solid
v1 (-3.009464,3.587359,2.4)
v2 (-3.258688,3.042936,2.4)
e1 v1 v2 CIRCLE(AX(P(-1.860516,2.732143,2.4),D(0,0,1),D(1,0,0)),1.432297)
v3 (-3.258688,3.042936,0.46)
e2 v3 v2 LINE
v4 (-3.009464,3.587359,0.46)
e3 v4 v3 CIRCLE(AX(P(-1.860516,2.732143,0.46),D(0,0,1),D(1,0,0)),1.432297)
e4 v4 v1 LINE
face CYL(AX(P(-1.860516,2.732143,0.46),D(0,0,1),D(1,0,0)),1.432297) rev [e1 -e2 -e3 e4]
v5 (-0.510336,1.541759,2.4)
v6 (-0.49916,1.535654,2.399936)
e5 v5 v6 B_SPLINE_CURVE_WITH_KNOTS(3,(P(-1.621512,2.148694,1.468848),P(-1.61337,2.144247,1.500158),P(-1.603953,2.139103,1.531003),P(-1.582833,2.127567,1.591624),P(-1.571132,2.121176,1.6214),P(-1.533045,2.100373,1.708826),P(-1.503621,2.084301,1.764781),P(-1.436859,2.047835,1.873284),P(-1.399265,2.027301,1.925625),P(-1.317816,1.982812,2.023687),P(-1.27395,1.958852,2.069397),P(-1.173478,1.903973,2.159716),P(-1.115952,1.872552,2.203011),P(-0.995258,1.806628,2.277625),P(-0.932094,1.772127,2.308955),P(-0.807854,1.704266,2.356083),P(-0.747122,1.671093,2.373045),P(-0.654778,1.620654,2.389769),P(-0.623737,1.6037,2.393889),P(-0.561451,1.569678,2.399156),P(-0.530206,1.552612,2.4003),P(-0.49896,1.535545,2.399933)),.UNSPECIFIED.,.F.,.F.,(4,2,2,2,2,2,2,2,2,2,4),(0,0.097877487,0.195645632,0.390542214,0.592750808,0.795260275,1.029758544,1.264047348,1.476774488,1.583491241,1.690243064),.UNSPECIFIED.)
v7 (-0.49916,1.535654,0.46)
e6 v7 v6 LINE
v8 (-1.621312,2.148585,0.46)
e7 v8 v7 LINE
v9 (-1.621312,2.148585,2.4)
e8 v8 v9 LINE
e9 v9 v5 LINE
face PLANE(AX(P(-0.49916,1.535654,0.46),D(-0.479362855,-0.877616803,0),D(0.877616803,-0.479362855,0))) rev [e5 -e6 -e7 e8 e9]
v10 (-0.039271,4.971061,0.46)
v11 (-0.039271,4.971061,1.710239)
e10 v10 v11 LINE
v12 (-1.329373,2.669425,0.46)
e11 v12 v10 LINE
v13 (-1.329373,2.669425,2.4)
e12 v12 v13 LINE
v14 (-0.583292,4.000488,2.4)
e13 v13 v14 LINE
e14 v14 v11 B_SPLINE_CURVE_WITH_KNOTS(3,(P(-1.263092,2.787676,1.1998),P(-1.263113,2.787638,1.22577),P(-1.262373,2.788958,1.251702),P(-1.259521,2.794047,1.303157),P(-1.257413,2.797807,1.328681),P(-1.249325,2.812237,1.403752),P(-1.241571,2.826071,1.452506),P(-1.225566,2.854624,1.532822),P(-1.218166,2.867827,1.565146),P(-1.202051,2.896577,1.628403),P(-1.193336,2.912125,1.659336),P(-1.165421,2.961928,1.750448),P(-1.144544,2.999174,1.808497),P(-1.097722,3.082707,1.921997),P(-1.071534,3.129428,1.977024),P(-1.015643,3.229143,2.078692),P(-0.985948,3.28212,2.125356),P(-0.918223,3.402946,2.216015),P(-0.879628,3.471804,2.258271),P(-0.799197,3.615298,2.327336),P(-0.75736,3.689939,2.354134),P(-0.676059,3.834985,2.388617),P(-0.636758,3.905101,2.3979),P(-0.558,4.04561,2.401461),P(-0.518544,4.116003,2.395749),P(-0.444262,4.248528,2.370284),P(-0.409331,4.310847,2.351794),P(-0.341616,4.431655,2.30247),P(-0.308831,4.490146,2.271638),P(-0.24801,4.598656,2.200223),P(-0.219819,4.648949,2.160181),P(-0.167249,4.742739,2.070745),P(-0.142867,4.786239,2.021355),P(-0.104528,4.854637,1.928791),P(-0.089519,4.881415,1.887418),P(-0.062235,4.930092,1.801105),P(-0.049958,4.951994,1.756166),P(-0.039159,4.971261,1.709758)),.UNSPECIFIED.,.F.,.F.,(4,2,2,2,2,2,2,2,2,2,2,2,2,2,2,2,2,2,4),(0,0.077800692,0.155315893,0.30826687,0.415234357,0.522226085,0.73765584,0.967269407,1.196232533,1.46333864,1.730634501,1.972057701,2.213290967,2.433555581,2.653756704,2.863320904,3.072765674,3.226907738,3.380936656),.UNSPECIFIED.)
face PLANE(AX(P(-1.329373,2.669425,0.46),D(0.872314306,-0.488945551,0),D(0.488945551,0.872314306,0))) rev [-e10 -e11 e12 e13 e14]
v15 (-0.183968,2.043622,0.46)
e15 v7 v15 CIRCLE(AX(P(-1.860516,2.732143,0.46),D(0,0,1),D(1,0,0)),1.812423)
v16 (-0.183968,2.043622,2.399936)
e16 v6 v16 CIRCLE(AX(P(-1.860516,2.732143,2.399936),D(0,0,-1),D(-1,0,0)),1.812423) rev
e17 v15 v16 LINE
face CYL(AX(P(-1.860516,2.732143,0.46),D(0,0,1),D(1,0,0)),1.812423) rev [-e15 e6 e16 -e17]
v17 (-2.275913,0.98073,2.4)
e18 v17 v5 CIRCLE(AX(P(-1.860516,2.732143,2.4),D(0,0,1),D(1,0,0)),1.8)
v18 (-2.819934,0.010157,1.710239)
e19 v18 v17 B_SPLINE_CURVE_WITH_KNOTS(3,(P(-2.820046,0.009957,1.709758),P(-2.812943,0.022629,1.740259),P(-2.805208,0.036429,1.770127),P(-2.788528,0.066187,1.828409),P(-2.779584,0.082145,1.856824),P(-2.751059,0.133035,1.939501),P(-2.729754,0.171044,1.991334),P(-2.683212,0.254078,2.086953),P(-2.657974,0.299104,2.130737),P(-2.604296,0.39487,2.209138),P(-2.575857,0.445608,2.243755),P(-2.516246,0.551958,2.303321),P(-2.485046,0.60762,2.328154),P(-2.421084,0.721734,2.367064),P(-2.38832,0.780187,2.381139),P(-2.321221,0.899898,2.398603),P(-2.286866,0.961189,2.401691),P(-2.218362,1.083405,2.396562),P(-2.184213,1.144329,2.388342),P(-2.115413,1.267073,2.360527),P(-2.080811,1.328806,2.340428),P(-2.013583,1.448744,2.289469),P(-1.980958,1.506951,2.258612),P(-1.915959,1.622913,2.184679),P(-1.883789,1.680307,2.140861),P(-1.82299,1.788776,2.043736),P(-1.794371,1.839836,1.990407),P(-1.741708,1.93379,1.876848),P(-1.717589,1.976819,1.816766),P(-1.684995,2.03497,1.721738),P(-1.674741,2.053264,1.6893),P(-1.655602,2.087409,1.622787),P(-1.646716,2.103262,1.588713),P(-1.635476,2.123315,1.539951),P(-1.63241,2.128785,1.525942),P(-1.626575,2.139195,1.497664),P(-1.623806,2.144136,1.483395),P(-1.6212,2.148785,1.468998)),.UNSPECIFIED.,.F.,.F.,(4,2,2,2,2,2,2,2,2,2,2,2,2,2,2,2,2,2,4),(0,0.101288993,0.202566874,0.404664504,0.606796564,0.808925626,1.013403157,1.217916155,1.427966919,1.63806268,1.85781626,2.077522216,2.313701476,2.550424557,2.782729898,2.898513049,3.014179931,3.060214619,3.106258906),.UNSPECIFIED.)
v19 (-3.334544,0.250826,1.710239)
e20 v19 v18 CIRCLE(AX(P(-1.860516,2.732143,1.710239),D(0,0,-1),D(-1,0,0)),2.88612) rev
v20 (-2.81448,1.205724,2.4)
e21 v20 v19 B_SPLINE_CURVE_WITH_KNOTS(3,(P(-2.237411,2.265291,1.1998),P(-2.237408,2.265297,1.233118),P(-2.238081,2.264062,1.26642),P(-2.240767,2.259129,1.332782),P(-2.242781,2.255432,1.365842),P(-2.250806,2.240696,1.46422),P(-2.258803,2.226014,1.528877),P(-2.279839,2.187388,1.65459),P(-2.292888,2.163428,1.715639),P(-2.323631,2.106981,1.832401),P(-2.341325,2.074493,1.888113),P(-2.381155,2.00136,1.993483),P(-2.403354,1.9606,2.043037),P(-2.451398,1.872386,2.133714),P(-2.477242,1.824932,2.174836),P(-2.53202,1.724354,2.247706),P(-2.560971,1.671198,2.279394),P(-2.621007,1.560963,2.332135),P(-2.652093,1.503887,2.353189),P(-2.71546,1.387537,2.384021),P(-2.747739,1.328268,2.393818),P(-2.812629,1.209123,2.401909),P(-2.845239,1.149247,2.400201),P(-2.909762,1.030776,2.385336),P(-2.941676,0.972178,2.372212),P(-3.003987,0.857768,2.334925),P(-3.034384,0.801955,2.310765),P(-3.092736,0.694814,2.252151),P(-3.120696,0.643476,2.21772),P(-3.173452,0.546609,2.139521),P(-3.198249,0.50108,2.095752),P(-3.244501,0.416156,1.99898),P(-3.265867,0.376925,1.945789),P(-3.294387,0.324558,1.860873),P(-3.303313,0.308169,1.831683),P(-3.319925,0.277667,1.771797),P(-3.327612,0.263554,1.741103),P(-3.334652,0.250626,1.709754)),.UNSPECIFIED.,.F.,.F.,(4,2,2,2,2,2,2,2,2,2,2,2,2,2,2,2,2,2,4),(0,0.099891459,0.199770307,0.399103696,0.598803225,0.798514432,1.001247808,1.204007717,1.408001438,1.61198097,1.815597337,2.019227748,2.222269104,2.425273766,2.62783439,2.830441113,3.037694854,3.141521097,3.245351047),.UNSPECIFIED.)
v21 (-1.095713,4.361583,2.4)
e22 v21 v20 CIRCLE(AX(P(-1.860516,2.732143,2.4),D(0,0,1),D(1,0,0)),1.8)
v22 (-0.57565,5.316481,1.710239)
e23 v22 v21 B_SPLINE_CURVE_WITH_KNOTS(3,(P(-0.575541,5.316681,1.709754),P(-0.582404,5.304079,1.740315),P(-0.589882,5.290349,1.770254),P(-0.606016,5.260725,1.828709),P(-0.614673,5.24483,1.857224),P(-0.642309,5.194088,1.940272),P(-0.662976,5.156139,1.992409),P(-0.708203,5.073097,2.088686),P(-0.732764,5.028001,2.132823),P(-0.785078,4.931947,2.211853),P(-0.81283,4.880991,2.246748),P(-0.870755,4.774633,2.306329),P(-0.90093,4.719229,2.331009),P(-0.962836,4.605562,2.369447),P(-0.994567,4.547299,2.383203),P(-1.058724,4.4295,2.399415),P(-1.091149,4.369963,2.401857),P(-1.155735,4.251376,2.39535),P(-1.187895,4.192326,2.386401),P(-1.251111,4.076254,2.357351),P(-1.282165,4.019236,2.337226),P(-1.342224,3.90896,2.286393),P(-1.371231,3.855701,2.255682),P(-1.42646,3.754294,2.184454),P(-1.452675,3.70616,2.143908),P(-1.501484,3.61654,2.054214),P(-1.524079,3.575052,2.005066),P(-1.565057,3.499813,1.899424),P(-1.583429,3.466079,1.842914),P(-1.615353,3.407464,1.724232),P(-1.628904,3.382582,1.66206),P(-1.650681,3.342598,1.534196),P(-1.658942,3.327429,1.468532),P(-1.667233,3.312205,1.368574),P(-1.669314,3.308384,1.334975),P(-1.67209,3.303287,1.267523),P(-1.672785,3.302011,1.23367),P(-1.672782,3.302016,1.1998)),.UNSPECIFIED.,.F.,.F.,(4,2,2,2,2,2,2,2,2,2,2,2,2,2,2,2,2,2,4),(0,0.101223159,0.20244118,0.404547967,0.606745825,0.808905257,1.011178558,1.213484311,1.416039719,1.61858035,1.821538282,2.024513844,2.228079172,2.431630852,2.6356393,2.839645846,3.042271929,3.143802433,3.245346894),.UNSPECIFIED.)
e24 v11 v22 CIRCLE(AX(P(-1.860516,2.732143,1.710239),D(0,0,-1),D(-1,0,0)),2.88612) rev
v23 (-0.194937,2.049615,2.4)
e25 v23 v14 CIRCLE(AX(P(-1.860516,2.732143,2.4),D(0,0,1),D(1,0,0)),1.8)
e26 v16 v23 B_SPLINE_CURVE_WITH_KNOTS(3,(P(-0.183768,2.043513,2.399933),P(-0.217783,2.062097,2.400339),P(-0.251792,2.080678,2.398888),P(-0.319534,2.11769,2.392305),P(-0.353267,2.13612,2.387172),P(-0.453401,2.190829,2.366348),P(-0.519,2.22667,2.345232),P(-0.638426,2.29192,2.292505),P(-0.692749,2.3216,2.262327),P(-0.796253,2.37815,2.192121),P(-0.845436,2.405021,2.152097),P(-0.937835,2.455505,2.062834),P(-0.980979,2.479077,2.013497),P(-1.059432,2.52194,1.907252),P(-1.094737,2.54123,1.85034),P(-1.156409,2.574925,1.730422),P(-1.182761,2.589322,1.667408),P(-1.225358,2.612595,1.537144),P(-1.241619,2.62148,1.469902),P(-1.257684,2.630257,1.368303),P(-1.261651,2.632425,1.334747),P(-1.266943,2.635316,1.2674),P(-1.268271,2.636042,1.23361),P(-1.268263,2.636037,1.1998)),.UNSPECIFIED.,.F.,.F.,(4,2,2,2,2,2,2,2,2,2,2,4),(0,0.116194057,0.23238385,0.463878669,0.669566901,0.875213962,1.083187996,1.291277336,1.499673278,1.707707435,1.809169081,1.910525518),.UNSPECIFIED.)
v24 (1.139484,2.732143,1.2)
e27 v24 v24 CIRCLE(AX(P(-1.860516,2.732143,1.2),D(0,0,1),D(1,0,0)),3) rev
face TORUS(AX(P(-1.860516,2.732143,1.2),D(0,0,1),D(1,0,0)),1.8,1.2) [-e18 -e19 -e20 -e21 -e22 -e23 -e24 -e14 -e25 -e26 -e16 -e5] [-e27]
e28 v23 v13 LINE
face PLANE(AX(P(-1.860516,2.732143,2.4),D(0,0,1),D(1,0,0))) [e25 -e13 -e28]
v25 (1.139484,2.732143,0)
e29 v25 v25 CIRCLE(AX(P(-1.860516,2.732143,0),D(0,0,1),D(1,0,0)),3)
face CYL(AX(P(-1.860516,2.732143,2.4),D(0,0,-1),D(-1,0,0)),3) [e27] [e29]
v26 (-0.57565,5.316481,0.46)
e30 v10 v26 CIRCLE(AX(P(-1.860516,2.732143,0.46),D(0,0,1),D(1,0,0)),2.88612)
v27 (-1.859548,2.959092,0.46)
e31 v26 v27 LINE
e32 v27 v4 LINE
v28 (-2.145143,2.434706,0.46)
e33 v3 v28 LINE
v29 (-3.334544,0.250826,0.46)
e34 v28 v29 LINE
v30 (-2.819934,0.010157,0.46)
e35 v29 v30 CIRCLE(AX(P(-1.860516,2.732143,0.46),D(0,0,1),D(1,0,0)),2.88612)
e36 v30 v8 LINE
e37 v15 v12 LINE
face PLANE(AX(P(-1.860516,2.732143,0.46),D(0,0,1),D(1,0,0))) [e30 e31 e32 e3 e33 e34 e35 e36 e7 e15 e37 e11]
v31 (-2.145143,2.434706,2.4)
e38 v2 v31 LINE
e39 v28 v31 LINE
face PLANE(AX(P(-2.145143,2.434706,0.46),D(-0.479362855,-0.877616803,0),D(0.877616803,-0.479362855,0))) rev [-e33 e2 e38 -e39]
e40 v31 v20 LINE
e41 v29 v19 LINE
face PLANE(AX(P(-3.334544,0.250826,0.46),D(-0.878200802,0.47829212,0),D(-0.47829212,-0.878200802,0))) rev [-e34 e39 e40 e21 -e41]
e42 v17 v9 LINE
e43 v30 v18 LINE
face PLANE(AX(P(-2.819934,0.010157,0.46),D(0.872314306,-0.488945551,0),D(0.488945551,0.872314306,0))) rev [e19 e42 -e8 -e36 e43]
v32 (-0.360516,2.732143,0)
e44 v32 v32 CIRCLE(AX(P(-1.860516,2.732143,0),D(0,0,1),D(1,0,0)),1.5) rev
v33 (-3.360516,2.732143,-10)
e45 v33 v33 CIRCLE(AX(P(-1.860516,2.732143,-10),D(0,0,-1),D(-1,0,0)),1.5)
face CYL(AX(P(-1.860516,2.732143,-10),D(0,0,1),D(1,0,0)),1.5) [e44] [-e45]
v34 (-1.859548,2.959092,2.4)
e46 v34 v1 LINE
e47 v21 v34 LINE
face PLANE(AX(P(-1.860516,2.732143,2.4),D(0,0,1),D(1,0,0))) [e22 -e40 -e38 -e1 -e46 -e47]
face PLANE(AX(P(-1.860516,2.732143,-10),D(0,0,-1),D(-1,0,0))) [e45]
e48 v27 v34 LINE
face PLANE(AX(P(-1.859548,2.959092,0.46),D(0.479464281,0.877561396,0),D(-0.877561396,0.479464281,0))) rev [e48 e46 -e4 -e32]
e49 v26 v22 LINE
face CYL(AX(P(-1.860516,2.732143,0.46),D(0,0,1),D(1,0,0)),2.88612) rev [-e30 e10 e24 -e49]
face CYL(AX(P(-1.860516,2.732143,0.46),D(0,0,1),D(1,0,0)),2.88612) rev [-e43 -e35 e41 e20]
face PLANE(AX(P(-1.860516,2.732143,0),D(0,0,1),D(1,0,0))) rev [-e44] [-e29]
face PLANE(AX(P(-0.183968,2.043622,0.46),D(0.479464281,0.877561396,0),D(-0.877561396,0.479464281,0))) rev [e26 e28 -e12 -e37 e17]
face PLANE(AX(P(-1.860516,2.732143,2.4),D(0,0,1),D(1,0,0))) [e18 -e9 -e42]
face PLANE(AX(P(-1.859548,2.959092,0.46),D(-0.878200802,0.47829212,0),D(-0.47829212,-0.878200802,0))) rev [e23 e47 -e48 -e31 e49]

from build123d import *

# Parameters (mm, degrees)
SZKIC1_R                    = 3
DODANIE_WYCI_GNI_CIE2_DEPTH = 2.4
SZKIC2_R                    = 1.5
DODANIE_WYCI_GNI_CIE3_DEPTH = 10
ZAOKR_GLENIE2_R             = 1.2
WYTNIJ_WYCI_GNI_CIE1_DEPTH  = 1.94


with BuildPart() as part:
    # Szkic1 → Dodanie-wyciągnięcie2 (new body)
    with BuildSketch(Plane.XY):
        with Locations((-1.860516246, 2.732142857)):
            Circle(SZKIC1_R)
    extrude(amount=DODANIE_WYCI_GNI_CIE2_DEPTH)

    # Szkic2 → Dodanie-wyciągnięcie3 (add)
    with BuildSketch(Plane(origin=(0, 0, 0), x_dir=(-1, 0, 0), z_dir=(0, 0, -1))):
        with Locations((1.860516246, 2.732142857)):
            Circle(SZKIC2_R)
    extrude(amount=DODANIE_WYCI_GNI_CIE3_DEPTH)

    # Zaokrąglenie2
    zaokr_glenie2_edges = [part.edges().sort_by_distance(p)[0] for p in [
        (-4.860516246, 2.732142857, 2.4),
    ]]
    fillet(zaokr_glenie2_edges, radius=ZAOKR_GLENIE2_R)

    # Szkic3 → Wytnij-wyciągnięcie1 (cut)
    with BuildSketch(Plane.XY.offset(2.4)):
        with BuildLine():
            Line((-1.859548318, 2.959091853), (-0.575649693, 5.316481314))
            ThreePointArc((-0.575649693, 5.316481314), (-0.297886623, 5.158637444), (-0.039271083, 4.97106076))
            Line((-0.039271083, 4.97106076), (-1.329373025, 2.669425378))
            Line((-1.329373025, 2.669425378), (-0.183967515, 2.043621837))
            ThreePointArc((-0.183967515, 2.043621837), (-0.320475658, 1.776553075), (-0.499159616, 1.535654258))
            Line((-0.499159616, 1.535654258), (-1.621312108, 2.148584891))
            Line((-1.621312108, 2.148584891), (-2.819933608, 0.01015725))
            ThreePointArc((-2.819933608, 0.01015725), (-3.083174674, 0.117799023), (-3.33454353, 0.250826496))
            Line((-3.33454353, 0.250826496), (-2.145142944, 2.434706401))
            Line((-2.145142944, 2.434706401), (-3.258687897, 3.042935511))
            ThreePointArc((-3.258687897, 3.042935511), (-3.162842423, 3.328316127), (-3.009463836, 3.587359481))
            Line((-3.009463836, 3.587359481), (-1.859548318, 2.959091853))
        make_face()
    extrude(amount=-WYTNIJ_WYCI_GNI_CIE1_DEPTH, mode=Mode.SUBTRACT)


solid = part.part
